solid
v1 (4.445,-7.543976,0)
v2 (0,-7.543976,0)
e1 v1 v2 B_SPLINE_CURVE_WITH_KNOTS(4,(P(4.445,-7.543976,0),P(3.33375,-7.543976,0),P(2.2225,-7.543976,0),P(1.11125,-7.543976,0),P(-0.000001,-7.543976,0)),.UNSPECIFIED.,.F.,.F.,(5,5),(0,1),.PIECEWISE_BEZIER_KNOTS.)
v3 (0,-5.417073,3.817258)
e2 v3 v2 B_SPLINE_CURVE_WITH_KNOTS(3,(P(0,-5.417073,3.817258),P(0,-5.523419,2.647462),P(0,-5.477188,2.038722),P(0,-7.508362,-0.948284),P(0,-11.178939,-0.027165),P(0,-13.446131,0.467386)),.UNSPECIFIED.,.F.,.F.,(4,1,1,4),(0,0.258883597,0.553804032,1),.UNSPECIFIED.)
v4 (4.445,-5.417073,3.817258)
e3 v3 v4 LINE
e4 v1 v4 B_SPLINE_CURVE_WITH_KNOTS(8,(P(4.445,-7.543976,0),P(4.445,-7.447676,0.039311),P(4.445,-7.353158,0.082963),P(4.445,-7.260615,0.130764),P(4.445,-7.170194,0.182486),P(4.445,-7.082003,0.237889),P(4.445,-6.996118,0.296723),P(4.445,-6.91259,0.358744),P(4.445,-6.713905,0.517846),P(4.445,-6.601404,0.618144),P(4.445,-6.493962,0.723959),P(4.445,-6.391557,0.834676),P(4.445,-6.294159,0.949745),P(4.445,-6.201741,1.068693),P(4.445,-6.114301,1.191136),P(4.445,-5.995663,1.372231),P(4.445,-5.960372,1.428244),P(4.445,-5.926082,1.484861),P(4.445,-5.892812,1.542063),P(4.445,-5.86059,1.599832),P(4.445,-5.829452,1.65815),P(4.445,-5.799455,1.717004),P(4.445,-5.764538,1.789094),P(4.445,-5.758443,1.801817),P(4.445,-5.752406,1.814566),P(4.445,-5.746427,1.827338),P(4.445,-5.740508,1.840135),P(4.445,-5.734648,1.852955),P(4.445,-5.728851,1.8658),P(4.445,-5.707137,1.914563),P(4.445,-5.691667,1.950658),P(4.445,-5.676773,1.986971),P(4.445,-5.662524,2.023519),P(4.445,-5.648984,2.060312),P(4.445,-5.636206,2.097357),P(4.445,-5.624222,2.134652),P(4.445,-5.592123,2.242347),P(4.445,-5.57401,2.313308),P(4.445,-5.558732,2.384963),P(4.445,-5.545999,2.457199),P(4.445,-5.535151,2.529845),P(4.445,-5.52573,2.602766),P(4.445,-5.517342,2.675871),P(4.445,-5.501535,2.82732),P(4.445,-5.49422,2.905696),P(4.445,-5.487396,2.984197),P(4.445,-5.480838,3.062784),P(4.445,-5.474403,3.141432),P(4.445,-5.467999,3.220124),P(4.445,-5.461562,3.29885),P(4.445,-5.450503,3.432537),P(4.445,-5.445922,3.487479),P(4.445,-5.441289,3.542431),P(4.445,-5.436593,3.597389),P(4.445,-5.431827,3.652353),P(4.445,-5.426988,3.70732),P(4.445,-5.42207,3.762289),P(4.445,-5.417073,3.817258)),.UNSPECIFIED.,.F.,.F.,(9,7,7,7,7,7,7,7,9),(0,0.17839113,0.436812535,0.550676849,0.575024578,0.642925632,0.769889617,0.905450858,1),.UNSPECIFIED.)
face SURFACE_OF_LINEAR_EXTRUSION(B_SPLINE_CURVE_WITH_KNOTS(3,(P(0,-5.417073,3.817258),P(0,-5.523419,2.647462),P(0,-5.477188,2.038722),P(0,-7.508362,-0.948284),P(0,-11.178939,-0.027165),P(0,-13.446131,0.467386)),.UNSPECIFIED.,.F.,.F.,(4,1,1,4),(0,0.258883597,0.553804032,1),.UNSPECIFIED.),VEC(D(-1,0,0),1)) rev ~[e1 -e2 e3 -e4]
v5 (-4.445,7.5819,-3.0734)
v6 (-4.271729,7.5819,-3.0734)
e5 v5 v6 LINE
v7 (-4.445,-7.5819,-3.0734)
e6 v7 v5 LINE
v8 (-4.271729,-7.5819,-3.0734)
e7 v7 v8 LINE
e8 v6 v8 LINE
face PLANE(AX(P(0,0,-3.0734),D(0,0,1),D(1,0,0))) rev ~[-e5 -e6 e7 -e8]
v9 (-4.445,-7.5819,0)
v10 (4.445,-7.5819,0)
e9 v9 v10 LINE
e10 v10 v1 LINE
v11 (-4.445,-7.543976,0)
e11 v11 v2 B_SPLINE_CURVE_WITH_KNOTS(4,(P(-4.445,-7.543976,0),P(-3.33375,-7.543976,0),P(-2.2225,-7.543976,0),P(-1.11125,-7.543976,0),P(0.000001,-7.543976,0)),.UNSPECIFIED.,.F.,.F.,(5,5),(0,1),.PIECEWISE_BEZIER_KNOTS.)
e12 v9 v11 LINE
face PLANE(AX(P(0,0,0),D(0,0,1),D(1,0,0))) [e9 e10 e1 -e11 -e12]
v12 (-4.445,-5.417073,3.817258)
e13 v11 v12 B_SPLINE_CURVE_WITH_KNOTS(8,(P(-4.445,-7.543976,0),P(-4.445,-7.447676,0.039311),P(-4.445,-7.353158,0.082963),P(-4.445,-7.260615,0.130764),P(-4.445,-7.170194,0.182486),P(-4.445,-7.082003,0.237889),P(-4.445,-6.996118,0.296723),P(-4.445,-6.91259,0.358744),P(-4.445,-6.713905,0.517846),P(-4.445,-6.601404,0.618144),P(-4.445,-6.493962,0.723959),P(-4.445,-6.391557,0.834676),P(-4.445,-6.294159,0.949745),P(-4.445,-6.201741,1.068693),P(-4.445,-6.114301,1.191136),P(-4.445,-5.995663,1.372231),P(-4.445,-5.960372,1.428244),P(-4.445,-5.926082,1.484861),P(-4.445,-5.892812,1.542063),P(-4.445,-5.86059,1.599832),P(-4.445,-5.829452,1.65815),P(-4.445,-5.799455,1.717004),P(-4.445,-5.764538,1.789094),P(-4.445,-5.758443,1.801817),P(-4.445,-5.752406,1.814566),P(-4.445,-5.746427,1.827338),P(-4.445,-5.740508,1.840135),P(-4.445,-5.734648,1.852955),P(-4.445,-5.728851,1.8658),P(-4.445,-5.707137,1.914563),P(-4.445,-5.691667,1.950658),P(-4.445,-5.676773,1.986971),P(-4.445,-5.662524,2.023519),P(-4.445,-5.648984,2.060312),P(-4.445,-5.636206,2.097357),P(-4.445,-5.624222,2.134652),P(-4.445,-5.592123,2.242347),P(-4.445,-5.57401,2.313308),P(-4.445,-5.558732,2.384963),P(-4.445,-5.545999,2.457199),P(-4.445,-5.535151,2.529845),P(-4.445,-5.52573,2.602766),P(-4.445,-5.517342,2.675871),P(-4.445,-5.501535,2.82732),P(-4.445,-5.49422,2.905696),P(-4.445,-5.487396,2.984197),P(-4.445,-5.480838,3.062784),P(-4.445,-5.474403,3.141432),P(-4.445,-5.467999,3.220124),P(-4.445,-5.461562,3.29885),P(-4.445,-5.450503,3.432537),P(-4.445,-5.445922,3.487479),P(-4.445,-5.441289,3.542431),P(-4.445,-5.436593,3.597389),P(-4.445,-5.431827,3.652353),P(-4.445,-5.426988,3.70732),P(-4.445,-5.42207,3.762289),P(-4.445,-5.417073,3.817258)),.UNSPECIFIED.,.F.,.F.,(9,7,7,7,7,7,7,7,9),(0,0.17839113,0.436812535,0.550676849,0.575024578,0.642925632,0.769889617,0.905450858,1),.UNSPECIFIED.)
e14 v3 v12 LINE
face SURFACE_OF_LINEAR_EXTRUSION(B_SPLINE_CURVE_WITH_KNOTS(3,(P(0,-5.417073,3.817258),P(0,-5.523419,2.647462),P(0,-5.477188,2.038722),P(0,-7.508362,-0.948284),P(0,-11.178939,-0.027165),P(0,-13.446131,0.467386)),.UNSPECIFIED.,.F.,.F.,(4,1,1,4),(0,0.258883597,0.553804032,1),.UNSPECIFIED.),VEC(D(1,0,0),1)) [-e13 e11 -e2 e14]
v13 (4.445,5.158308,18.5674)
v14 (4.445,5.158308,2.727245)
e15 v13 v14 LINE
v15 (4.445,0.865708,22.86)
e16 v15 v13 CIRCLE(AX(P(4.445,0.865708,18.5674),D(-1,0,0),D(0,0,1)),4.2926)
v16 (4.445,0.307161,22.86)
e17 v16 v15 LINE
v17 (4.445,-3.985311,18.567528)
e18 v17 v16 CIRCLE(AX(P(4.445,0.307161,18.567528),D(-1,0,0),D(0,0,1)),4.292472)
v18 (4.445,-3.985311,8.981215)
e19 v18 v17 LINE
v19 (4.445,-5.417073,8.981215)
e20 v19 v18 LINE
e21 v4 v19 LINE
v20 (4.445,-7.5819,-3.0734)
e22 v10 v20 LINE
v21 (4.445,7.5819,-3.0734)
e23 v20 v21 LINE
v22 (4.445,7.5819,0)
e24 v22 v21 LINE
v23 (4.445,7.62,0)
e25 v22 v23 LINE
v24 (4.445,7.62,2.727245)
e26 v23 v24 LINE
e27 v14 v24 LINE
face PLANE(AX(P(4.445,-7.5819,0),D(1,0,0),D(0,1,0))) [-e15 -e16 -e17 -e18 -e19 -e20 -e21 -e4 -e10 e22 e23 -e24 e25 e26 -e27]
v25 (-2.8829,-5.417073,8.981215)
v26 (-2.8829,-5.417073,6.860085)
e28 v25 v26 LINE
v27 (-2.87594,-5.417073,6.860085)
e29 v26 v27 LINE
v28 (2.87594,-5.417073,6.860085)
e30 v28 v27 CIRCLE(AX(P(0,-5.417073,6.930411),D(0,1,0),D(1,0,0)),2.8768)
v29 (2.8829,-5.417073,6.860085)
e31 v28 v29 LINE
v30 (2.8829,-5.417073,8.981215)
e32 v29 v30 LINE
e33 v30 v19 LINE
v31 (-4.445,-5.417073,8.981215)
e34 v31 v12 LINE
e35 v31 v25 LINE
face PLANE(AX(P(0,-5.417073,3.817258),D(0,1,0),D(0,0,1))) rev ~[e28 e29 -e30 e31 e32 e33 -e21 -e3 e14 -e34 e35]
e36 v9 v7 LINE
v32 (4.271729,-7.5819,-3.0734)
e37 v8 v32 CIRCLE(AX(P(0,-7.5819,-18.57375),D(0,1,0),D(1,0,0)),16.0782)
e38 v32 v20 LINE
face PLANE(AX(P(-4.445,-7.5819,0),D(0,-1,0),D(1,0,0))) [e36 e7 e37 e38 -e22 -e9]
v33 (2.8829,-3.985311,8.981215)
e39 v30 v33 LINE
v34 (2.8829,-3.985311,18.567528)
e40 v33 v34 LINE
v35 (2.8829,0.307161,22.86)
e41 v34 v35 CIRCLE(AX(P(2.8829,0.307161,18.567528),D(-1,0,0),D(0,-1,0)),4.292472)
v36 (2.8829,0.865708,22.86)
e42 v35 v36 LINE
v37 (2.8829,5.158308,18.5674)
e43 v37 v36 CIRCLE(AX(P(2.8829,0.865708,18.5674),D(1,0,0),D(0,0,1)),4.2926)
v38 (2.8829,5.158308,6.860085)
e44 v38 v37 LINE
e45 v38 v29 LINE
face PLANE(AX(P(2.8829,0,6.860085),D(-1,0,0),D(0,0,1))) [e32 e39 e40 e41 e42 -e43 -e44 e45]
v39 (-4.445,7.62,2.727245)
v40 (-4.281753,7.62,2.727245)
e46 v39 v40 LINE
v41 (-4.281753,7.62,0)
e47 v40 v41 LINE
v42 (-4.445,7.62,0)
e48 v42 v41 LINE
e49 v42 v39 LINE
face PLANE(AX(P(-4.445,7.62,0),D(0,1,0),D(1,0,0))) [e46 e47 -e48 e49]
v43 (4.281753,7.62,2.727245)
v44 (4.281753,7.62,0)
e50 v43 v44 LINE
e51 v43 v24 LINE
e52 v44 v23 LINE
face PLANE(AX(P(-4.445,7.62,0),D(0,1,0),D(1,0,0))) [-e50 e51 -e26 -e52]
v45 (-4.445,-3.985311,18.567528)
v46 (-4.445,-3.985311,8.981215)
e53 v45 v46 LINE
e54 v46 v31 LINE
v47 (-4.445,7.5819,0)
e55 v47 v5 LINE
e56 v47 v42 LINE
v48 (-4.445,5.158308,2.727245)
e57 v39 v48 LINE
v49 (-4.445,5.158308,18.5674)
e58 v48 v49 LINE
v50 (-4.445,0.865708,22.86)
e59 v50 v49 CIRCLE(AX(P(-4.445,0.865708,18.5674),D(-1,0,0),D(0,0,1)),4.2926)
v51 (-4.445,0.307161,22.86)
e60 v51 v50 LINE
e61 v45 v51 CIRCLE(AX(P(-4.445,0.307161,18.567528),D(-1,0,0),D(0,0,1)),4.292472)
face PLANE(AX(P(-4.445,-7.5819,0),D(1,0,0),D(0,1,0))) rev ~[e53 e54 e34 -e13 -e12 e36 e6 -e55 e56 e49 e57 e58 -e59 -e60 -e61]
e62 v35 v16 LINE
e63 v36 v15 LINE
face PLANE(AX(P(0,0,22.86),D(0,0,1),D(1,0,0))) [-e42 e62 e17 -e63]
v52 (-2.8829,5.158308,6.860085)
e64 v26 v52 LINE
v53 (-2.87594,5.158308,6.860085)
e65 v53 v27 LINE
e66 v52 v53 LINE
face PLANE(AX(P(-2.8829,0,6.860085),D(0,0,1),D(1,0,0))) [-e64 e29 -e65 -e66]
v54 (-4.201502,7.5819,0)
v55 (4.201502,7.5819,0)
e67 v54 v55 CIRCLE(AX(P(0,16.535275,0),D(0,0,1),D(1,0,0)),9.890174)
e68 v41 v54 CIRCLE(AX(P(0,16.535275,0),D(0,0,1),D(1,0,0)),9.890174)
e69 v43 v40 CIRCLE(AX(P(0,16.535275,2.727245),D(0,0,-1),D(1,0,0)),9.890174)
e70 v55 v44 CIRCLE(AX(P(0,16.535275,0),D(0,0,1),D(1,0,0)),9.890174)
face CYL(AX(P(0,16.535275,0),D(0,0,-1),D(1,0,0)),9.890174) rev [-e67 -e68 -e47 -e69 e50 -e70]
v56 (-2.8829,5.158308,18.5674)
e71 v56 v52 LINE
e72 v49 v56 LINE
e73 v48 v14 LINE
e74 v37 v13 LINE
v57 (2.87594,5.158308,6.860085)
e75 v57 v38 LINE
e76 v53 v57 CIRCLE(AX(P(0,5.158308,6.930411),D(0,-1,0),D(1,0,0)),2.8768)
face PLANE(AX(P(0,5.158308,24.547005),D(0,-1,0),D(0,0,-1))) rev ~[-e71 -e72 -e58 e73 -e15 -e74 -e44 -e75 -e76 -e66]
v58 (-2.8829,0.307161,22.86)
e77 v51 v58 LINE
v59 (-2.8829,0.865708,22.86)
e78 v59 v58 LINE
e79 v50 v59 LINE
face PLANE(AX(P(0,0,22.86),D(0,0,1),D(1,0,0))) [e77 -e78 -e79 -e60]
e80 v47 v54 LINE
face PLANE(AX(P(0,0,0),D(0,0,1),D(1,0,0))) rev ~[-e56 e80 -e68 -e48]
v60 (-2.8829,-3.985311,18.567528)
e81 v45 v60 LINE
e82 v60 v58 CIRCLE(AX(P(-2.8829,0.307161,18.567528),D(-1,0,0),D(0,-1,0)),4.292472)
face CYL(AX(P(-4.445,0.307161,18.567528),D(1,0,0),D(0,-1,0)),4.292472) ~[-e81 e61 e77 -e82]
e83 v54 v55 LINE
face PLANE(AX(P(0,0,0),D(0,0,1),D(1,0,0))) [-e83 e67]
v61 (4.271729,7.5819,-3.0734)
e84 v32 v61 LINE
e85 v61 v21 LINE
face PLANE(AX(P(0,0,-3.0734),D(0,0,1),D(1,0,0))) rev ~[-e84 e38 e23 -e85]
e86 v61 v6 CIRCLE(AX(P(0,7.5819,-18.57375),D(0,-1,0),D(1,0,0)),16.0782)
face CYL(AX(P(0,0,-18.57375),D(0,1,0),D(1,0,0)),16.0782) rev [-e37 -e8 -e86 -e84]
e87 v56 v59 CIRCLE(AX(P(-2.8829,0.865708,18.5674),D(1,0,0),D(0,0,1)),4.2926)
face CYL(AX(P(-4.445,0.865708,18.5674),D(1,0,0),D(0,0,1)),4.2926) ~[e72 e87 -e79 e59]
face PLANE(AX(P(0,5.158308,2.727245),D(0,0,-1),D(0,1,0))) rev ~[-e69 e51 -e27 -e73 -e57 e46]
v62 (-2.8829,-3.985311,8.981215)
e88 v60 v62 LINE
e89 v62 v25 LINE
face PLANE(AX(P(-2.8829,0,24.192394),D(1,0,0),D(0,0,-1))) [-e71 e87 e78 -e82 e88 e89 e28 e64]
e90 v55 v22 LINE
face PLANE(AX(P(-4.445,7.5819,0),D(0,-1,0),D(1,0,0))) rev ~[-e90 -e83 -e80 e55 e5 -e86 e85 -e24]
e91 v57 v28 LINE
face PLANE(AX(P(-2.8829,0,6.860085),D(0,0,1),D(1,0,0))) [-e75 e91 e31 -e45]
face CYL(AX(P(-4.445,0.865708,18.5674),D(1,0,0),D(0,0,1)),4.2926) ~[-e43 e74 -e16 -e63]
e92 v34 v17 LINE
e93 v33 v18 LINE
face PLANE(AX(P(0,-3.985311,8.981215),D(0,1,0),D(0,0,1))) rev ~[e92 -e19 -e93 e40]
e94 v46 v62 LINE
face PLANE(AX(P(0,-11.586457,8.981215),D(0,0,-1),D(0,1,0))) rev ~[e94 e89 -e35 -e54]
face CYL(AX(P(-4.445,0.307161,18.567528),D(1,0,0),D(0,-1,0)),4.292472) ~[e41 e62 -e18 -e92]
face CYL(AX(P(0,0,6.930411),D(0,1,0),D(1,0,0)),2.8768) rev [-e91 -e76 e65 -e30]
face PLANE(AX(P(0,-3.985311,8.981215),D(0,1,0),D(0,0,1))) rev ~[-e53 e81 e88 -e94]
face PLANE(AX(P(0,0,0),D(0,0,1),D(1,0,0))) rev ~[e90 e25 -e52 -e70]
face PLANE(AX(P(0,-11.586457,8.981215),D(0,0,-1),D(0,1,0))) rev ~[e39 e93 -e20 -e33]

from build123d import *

# Parameters (mm, degrees)
F0_W           = 8.89
F0_H           = 15.24
F1_DEPTH       = 22.86
F3_DEPTH       = 25.4
F3_DEPTH_BACK  = 25.4
F4_R           = 4.2926
F6_DEPTH       = 25.4
F6_DEPTH_BACK  = 25.4
F7_R           = 4.2924717139
F9_DEPTH       = 25.4
F9_DEPTH_BACK  = 25.4
F10_R          = 9.8901735715
F11_DEPTH      = 48.514
F12_R          = 2.8768000524
F13_DEPTH      = 25.4
F13_DEPTH_BACK = 25.4
F15_DEPTH      = 25.4
F15_DEPTH_BACK = 25.4
F16_W          = 8.89
F16_H          = 15.1638
F17_DEPTH      = 3.0734
F18_R          = 16.0782
F19_DEPTH      = 25.4
F19_DEPTH_BACK = 25.4


with BuildPart() as f1:
    # F0 (on Top) → F1 (new body)
    with BuildSketch(Plane.XY):
        Rectangle(F0_W, F0_H)
    extrude(amount=F1_DEPTH)

    # F2 (on Right) → F3 (cut, two sides)
    with BuildSketch(Plane.YZ) as f3_sk:
        Polygon((7.8410664573, 2.7272452135), (7.8410664573, 0), (12.4911786988, 0), (12.4911786988, 24.5470050722), (5.1583079621, 24.5470050722), (5.1583079621, 2.7272452135), align=None)
    extrude(amount=-F3_DEPTH, mode=Mode.SUBTRACT)
    extrude(f3_sk.sketch, amount=F3_DEPTH_BACK, mode=Mode.SUBTRACT)

    # F4
    f4_edges = [f1.edges().sort_by_distance(p)[0] for p in [
        (0, 5.158308, 22.86),
    ]]
    fillet(f4_edges, radius=F4_R)

    # F5 (on Right) → F6 (cut, two sides)
    with BuildSketch(Plane.YZ) as f6_sk:
        Polygon((-11.5864574909, 8.9812148362), (-9.2614004388, 8.9812148362), (-3.9853109047, 8.9812148362), (-3.9853109047, 24.7200578451), (-11.5864574909, 24.7200578451), align=None)
    extrude(amount=-F6_DEPTH, mode=Mode.SUBTRACT)
    extrude(f6_sk.sketch, amount=F6_DEPTH_BACK, mode=Mode.SUBTRACT)

    # F7
    f7_edges = [f1.edges().sort_by_distance(p)[0] for p in [
        (0, -3.985311, 22.86),
    ]]
    fillet(f7_edges, radius=F7_R)

    # F8 (on Right) → F9 (cut, two sides)
    with BuildSketch(Plane.YZ) as f9_sk:
        with BuildLine():
            Line((-5.4170731455, 3.8172584027), (-5.4170731455, 10.038449429))
            Line((-5.4170731455, 10.038449429), (-13.4461307898, 9.9321035668))
            Line((-13.4461307898, 9.9321035668), (-13.4461307898, 0.467386446))
            add(Edge.make_bspline(
                [(-5.4170731455, 3.8172584027), (-5.523418542, 2.6474618353), (-5.4771876546, 2.0387220808), (-7.508362437, -0.9482839925), (-11.1789391189, -0.0271654713), (-13.4461307898, 0.467386446)],
                knots=[0, 0, 0, 0, 0.2588835968, 0.5538040318, 1, 1, 1, 1], degree=3))
        make_face()
    extrude(amount=-F9_DEPTH, mode=Mode.SUBTRACT)
    extrude(f9_sk.sketch, amount=F9_DEPTH_BACK, mode=Mode.SUBTRACT)

    # F10 (on Top) → F11 (cut)
    with BuildSketch(Plane.XY):
        with Locations((0, 16.5352746844)):
            Circle(F10_R)
    extrude(amount=F11_DEPTH, mode=Mode.SUBTRACT)

    # F12 (on Front) → F13 (cut, two sides)
    with BuildSketch(Plane.XZ) as f13_sk:
        with Locations((0, 6.9304113276)):
            Circle(F12_R)
    extrude(amount=-F13_DEPTH, mode=Mode.SUBTRACT)
    extrude(f13_sk.sketch, amount=F13_DEPTH_BACK, mode=Mode.SUBTRACT)

    # F14 (on Front) → F15 (cut, two sides)
    with BuildSketch(Plane.XZ) as f15_sk:
        Polygon((-2.8829, 6.8600848975), (0, 6.8600848975), (0, 23.8157852443), (-2.8829, 24.1923942218), align=None)
        Polygon((0, 6.8600848975), (2.8829, 6.8600848975), (2.8829, 24.0822033214), (-1.0464692745, 24.0822033214), (0, 23.8157852443), align=None)
    extrude(amount=-F15_DEPTH, mode=Mode.SUBTRACT)
    extrude(f15_sk.sketch, amount=F15_DEPTH_BACK, mode=Mode.SUBTRACT)

    # F16 (on Top) → F17 (join)
    with BuildSketch(Plane.XY):
        Rectangle(F16_W, F16_H)
    extrude(amount=-F17_DEPTH)

    # F18 (on Front) → F19 (cut, two sides)
    with BuildSketch(Plane.XZ) as f19_sk:
        with Locations((0, -18.5737498105)):
            Circle(F18_R)
    extrude(amount=-F19_DEPTH, mode=Mode.SUBTRACT)
    extrude(f19_sk.sketch, amount=F19_DEPTH_BACK, mode=Mode.SUBTRACT)


solid = f1.part
